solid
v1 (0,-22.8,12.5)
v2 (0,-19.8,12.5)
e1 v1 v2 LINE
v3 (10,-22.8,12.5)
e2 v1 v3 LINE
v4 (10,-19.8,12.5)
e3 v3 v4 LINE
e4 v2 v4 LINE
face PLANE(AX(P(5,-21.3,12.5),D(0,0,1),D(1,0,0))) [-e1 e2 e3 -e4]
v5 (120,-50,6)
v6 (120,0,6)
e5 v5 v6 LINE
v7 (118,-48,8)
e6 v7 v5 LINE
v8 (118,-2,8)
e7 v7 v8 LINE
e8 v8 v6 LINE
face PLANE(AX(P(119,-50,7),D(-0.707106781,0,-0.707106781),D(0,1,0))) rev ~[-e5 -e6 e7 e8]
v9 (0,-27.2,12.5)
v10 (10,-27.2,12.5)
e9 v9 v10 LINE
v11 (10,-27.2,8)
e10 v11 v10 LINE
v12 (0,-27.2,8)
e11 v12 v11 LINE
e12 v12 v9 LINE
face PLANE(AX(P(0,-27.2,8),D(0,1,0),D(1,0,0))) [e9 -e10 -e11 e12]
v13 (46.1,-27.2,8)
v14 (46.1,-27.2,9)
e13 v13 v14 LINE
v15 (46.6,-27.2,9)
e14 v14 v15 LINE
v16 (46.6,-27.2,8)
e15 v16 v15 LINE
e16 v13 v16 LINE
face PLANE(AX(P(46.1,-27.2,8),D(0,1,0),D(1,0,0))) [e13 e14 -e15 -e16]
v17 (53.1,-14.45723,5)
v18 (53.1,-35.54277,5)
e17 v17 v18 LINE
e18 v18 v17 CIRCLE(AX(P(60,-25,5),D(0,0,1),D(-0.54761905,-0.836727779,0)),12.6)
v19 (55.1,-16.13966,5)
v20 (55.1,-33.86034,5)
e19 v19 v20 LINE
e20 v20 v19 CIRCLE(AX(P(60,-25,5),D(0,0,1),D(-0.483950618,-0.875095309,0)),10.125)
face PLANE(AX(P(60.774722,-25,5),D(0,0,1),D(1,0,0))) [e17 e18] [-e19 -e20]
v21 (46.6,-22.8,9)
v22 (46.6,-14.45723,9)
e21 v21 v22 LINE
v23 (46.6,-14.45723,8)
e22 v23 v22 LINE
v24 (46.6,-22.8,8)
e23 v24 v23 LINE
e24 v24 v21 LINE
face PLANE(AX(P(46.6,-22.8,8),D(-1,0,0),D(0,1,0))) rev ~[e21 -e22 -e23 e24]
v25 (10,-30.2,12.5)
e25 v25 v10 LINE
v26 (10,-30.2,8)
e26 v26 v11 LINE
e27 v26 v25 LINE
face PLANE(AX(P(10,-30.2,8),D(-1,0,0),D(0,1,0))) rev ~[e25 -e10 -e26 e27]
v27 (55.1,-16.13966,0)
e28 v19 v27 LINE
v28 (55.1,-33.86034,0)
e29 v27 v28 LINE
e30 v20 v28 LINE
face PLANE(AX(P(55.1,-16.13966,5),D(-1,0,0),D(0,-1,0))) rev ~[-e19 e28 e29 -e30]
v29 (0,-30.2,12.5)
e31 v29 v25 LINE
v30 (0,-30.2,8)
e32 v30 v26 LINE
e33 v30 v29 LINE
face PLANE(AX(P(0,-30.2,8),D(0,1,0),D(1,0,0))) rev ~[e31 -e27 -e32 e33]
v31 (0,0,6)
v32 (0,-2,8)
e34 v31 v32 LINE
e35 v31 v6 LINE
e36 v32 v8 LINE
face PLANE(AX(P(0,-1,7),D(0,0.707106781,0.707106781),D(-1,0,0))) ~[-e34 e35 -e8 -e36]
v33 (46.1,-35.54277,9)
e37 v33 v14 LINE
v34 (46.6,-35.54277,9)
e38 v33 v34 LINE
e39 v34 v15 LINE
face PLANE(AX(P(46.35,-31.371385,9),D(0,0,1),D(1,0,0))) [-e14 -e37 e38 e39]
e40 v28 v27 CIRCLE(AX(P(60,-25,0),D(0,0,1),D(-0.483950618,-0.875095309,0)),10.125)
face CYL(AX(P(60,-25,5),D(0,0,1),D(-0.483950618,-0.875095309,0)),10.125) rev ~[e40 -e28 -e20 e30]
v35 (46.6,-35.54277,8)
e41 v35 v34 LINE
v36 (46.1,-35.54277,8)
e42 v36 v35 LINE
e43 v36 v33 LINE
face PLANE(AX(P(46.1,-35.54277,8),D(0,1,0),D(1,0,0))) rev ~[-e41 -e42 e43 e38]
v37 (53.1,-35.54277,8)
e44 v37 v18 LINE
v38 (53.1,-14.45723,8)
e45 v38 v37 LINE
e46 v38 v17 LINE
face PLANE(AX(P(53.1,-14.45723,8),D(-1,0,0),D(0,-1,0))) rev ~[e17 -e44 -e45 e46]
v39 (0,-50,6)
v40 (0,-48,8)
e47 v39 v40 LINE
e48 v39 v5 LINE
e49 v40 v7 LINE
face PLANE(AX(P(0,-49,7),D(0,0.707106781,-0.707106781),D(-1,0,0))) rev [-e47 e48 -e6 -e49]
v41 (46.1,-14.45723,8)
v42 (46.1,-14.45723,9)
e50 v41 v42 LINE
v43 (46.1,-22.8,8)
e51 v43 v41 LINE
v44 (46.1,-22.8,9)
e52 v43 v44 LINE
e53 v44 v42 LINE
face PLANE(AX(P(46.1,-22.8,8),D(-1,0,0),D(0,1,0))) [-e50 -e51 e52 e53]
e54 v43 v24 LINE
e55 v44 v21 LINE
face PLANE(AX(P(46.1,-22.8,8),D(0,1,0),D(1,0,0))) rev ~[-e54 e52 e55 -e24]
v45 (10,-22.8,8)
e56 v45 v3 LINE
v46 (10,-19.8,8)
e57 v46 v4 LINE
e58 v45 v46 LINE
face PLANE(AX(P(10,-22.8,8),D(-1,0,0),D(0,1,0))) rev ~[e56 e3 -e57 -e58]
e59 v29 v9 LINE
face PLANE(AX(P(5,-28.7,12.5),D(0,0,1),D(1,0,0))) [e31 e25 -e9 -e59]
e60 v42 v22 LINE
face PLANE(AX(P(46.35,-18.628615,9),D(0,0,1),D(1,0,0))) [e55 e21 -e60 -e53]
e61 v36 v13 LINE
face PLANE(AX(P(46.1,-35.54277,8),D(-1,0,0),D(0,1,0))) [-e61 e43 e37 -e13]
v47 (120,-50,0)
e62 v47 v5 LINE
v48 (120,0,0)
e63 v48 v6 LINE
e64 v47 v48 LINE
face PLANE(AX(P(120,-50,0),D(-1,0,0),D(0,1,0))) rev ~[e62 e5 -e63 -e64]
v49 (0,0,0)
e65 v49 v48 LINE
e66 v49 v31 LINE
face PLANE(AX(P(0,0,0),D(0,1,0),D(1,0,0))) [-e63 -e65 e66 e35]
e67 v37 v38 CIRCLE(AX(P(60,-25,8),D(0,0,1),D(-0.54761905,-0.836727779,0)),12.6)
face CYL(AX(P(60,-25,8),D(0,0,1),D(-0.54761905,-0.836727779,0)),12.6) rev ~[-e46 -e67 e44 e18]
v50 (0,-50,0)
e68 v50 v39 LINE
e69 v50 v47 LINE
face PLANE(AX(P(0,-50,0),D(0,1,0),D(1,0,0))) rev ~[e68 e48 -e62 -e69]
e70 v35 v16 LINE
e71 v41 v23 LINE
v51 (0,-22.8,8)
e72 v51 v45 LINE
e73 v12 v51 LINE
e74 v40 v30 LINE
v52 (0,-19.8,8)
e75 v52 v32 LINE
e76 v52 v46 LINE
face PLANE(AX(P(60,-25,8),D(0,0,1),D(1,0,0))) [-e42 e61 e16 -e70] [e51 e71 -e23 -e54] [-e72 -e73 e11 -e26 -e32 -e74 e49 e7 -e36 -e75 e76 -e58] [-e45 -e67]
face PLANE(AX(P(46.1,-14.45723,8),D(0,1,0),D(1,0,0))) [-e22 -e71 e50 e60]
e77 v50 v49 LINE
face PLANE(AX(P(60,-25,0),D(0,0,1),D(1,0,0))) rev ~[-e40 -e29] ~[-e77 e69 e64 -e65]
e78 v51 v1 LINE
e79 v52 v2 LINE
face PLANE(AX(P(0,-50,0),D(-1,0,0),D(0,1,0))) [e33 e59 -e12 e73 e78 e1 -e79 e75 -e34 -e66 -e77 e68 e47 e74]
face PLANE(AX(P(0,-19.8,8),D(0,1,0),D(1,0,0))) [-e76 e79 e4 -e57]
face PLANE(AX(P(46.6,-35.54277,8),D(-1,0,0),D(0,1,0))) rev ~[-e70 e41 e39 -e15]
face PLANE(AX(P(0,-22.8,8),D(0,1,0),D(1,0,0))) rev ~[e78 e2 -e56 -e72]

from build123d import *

# Parameters (mm, degrees)
F0_W      = 120
F0_H      = 50
F1_DEPTH  = 8
F3_DEPTH  = 3
F5_DEPTH  = 25
F6_W      = 10
F6_H      = 3
F7_DEPTH  = 4.5
F8_SIZE   = 2
F9_W      = 0.5
F9_H      = 8.34277
F10_DEPTH = 1


with BuildPart() as f1:
    # F0 (on Top) → F1 (new body)
    with BuildSketch(Plane.XY):
        with Locations((60, -25)):
            Rectangle(F0_W, F0_H)
    extrude(amount=F1_DEPTH)

    # F2 (on face) → F3 (cut)
    with BuildSketch(Plane.XY.offset(8)):
        with BuildLine():
            Line((53.1, -14.45723), (53.1, -35.54277))
            ThreePointArc((53.1, -35.54277), (72.6, -25), (53.1, -14.45723))
        make_face()
    extrude(amount=-F3_DEPTH, mode=Mode.SUBTRACT)

    # F4 (on face) → F5 (cut)
    with BuildSketch(Plane.XY.offset(5)):
        with BuildLine():
            Line((55.1, -16.13966), (55.1, -33.86034))
            ThreePointArc((55.1, -33.86034), (70.125, -25), (55.1, -16.13966))
        make_face()
    extrude(amount=-F5_DEPTH, mode=Mode.SUBTRACT)

    # F6 (on face) → F7 (join)
    with BuildSketch(Plane.XY.offset(8)):
        with Locations((5, -21.3)):
            Rectangle(F6_W, F6_H)
        with Locations((5, -28.7)):
            Rectangle(F6_W, F6_H)
    extrude(amount=F7_DEPTH)

    # F8
    f8_edges = [f1.edges().sort_by_distance(p)[0] for p in [
        (120, -25, 8),
        (60, 0, 8),
        (60, -50, 8),
    ]]
    chamfer(f8_edges, length=F8_SIZE)

    # F9 (on face) → F10 (join)
    with BuildSketch(Plane.XY.offset(8)):
        with Locations((46.35, -18.628615)):
            Rectangle(F9_W, F9_H)
        with Locations((46.35, -31.371385)):
            Rectangle(F9_W, F9_H)
    extrude(amount=F10_DEPTH)


solid = f1.part
